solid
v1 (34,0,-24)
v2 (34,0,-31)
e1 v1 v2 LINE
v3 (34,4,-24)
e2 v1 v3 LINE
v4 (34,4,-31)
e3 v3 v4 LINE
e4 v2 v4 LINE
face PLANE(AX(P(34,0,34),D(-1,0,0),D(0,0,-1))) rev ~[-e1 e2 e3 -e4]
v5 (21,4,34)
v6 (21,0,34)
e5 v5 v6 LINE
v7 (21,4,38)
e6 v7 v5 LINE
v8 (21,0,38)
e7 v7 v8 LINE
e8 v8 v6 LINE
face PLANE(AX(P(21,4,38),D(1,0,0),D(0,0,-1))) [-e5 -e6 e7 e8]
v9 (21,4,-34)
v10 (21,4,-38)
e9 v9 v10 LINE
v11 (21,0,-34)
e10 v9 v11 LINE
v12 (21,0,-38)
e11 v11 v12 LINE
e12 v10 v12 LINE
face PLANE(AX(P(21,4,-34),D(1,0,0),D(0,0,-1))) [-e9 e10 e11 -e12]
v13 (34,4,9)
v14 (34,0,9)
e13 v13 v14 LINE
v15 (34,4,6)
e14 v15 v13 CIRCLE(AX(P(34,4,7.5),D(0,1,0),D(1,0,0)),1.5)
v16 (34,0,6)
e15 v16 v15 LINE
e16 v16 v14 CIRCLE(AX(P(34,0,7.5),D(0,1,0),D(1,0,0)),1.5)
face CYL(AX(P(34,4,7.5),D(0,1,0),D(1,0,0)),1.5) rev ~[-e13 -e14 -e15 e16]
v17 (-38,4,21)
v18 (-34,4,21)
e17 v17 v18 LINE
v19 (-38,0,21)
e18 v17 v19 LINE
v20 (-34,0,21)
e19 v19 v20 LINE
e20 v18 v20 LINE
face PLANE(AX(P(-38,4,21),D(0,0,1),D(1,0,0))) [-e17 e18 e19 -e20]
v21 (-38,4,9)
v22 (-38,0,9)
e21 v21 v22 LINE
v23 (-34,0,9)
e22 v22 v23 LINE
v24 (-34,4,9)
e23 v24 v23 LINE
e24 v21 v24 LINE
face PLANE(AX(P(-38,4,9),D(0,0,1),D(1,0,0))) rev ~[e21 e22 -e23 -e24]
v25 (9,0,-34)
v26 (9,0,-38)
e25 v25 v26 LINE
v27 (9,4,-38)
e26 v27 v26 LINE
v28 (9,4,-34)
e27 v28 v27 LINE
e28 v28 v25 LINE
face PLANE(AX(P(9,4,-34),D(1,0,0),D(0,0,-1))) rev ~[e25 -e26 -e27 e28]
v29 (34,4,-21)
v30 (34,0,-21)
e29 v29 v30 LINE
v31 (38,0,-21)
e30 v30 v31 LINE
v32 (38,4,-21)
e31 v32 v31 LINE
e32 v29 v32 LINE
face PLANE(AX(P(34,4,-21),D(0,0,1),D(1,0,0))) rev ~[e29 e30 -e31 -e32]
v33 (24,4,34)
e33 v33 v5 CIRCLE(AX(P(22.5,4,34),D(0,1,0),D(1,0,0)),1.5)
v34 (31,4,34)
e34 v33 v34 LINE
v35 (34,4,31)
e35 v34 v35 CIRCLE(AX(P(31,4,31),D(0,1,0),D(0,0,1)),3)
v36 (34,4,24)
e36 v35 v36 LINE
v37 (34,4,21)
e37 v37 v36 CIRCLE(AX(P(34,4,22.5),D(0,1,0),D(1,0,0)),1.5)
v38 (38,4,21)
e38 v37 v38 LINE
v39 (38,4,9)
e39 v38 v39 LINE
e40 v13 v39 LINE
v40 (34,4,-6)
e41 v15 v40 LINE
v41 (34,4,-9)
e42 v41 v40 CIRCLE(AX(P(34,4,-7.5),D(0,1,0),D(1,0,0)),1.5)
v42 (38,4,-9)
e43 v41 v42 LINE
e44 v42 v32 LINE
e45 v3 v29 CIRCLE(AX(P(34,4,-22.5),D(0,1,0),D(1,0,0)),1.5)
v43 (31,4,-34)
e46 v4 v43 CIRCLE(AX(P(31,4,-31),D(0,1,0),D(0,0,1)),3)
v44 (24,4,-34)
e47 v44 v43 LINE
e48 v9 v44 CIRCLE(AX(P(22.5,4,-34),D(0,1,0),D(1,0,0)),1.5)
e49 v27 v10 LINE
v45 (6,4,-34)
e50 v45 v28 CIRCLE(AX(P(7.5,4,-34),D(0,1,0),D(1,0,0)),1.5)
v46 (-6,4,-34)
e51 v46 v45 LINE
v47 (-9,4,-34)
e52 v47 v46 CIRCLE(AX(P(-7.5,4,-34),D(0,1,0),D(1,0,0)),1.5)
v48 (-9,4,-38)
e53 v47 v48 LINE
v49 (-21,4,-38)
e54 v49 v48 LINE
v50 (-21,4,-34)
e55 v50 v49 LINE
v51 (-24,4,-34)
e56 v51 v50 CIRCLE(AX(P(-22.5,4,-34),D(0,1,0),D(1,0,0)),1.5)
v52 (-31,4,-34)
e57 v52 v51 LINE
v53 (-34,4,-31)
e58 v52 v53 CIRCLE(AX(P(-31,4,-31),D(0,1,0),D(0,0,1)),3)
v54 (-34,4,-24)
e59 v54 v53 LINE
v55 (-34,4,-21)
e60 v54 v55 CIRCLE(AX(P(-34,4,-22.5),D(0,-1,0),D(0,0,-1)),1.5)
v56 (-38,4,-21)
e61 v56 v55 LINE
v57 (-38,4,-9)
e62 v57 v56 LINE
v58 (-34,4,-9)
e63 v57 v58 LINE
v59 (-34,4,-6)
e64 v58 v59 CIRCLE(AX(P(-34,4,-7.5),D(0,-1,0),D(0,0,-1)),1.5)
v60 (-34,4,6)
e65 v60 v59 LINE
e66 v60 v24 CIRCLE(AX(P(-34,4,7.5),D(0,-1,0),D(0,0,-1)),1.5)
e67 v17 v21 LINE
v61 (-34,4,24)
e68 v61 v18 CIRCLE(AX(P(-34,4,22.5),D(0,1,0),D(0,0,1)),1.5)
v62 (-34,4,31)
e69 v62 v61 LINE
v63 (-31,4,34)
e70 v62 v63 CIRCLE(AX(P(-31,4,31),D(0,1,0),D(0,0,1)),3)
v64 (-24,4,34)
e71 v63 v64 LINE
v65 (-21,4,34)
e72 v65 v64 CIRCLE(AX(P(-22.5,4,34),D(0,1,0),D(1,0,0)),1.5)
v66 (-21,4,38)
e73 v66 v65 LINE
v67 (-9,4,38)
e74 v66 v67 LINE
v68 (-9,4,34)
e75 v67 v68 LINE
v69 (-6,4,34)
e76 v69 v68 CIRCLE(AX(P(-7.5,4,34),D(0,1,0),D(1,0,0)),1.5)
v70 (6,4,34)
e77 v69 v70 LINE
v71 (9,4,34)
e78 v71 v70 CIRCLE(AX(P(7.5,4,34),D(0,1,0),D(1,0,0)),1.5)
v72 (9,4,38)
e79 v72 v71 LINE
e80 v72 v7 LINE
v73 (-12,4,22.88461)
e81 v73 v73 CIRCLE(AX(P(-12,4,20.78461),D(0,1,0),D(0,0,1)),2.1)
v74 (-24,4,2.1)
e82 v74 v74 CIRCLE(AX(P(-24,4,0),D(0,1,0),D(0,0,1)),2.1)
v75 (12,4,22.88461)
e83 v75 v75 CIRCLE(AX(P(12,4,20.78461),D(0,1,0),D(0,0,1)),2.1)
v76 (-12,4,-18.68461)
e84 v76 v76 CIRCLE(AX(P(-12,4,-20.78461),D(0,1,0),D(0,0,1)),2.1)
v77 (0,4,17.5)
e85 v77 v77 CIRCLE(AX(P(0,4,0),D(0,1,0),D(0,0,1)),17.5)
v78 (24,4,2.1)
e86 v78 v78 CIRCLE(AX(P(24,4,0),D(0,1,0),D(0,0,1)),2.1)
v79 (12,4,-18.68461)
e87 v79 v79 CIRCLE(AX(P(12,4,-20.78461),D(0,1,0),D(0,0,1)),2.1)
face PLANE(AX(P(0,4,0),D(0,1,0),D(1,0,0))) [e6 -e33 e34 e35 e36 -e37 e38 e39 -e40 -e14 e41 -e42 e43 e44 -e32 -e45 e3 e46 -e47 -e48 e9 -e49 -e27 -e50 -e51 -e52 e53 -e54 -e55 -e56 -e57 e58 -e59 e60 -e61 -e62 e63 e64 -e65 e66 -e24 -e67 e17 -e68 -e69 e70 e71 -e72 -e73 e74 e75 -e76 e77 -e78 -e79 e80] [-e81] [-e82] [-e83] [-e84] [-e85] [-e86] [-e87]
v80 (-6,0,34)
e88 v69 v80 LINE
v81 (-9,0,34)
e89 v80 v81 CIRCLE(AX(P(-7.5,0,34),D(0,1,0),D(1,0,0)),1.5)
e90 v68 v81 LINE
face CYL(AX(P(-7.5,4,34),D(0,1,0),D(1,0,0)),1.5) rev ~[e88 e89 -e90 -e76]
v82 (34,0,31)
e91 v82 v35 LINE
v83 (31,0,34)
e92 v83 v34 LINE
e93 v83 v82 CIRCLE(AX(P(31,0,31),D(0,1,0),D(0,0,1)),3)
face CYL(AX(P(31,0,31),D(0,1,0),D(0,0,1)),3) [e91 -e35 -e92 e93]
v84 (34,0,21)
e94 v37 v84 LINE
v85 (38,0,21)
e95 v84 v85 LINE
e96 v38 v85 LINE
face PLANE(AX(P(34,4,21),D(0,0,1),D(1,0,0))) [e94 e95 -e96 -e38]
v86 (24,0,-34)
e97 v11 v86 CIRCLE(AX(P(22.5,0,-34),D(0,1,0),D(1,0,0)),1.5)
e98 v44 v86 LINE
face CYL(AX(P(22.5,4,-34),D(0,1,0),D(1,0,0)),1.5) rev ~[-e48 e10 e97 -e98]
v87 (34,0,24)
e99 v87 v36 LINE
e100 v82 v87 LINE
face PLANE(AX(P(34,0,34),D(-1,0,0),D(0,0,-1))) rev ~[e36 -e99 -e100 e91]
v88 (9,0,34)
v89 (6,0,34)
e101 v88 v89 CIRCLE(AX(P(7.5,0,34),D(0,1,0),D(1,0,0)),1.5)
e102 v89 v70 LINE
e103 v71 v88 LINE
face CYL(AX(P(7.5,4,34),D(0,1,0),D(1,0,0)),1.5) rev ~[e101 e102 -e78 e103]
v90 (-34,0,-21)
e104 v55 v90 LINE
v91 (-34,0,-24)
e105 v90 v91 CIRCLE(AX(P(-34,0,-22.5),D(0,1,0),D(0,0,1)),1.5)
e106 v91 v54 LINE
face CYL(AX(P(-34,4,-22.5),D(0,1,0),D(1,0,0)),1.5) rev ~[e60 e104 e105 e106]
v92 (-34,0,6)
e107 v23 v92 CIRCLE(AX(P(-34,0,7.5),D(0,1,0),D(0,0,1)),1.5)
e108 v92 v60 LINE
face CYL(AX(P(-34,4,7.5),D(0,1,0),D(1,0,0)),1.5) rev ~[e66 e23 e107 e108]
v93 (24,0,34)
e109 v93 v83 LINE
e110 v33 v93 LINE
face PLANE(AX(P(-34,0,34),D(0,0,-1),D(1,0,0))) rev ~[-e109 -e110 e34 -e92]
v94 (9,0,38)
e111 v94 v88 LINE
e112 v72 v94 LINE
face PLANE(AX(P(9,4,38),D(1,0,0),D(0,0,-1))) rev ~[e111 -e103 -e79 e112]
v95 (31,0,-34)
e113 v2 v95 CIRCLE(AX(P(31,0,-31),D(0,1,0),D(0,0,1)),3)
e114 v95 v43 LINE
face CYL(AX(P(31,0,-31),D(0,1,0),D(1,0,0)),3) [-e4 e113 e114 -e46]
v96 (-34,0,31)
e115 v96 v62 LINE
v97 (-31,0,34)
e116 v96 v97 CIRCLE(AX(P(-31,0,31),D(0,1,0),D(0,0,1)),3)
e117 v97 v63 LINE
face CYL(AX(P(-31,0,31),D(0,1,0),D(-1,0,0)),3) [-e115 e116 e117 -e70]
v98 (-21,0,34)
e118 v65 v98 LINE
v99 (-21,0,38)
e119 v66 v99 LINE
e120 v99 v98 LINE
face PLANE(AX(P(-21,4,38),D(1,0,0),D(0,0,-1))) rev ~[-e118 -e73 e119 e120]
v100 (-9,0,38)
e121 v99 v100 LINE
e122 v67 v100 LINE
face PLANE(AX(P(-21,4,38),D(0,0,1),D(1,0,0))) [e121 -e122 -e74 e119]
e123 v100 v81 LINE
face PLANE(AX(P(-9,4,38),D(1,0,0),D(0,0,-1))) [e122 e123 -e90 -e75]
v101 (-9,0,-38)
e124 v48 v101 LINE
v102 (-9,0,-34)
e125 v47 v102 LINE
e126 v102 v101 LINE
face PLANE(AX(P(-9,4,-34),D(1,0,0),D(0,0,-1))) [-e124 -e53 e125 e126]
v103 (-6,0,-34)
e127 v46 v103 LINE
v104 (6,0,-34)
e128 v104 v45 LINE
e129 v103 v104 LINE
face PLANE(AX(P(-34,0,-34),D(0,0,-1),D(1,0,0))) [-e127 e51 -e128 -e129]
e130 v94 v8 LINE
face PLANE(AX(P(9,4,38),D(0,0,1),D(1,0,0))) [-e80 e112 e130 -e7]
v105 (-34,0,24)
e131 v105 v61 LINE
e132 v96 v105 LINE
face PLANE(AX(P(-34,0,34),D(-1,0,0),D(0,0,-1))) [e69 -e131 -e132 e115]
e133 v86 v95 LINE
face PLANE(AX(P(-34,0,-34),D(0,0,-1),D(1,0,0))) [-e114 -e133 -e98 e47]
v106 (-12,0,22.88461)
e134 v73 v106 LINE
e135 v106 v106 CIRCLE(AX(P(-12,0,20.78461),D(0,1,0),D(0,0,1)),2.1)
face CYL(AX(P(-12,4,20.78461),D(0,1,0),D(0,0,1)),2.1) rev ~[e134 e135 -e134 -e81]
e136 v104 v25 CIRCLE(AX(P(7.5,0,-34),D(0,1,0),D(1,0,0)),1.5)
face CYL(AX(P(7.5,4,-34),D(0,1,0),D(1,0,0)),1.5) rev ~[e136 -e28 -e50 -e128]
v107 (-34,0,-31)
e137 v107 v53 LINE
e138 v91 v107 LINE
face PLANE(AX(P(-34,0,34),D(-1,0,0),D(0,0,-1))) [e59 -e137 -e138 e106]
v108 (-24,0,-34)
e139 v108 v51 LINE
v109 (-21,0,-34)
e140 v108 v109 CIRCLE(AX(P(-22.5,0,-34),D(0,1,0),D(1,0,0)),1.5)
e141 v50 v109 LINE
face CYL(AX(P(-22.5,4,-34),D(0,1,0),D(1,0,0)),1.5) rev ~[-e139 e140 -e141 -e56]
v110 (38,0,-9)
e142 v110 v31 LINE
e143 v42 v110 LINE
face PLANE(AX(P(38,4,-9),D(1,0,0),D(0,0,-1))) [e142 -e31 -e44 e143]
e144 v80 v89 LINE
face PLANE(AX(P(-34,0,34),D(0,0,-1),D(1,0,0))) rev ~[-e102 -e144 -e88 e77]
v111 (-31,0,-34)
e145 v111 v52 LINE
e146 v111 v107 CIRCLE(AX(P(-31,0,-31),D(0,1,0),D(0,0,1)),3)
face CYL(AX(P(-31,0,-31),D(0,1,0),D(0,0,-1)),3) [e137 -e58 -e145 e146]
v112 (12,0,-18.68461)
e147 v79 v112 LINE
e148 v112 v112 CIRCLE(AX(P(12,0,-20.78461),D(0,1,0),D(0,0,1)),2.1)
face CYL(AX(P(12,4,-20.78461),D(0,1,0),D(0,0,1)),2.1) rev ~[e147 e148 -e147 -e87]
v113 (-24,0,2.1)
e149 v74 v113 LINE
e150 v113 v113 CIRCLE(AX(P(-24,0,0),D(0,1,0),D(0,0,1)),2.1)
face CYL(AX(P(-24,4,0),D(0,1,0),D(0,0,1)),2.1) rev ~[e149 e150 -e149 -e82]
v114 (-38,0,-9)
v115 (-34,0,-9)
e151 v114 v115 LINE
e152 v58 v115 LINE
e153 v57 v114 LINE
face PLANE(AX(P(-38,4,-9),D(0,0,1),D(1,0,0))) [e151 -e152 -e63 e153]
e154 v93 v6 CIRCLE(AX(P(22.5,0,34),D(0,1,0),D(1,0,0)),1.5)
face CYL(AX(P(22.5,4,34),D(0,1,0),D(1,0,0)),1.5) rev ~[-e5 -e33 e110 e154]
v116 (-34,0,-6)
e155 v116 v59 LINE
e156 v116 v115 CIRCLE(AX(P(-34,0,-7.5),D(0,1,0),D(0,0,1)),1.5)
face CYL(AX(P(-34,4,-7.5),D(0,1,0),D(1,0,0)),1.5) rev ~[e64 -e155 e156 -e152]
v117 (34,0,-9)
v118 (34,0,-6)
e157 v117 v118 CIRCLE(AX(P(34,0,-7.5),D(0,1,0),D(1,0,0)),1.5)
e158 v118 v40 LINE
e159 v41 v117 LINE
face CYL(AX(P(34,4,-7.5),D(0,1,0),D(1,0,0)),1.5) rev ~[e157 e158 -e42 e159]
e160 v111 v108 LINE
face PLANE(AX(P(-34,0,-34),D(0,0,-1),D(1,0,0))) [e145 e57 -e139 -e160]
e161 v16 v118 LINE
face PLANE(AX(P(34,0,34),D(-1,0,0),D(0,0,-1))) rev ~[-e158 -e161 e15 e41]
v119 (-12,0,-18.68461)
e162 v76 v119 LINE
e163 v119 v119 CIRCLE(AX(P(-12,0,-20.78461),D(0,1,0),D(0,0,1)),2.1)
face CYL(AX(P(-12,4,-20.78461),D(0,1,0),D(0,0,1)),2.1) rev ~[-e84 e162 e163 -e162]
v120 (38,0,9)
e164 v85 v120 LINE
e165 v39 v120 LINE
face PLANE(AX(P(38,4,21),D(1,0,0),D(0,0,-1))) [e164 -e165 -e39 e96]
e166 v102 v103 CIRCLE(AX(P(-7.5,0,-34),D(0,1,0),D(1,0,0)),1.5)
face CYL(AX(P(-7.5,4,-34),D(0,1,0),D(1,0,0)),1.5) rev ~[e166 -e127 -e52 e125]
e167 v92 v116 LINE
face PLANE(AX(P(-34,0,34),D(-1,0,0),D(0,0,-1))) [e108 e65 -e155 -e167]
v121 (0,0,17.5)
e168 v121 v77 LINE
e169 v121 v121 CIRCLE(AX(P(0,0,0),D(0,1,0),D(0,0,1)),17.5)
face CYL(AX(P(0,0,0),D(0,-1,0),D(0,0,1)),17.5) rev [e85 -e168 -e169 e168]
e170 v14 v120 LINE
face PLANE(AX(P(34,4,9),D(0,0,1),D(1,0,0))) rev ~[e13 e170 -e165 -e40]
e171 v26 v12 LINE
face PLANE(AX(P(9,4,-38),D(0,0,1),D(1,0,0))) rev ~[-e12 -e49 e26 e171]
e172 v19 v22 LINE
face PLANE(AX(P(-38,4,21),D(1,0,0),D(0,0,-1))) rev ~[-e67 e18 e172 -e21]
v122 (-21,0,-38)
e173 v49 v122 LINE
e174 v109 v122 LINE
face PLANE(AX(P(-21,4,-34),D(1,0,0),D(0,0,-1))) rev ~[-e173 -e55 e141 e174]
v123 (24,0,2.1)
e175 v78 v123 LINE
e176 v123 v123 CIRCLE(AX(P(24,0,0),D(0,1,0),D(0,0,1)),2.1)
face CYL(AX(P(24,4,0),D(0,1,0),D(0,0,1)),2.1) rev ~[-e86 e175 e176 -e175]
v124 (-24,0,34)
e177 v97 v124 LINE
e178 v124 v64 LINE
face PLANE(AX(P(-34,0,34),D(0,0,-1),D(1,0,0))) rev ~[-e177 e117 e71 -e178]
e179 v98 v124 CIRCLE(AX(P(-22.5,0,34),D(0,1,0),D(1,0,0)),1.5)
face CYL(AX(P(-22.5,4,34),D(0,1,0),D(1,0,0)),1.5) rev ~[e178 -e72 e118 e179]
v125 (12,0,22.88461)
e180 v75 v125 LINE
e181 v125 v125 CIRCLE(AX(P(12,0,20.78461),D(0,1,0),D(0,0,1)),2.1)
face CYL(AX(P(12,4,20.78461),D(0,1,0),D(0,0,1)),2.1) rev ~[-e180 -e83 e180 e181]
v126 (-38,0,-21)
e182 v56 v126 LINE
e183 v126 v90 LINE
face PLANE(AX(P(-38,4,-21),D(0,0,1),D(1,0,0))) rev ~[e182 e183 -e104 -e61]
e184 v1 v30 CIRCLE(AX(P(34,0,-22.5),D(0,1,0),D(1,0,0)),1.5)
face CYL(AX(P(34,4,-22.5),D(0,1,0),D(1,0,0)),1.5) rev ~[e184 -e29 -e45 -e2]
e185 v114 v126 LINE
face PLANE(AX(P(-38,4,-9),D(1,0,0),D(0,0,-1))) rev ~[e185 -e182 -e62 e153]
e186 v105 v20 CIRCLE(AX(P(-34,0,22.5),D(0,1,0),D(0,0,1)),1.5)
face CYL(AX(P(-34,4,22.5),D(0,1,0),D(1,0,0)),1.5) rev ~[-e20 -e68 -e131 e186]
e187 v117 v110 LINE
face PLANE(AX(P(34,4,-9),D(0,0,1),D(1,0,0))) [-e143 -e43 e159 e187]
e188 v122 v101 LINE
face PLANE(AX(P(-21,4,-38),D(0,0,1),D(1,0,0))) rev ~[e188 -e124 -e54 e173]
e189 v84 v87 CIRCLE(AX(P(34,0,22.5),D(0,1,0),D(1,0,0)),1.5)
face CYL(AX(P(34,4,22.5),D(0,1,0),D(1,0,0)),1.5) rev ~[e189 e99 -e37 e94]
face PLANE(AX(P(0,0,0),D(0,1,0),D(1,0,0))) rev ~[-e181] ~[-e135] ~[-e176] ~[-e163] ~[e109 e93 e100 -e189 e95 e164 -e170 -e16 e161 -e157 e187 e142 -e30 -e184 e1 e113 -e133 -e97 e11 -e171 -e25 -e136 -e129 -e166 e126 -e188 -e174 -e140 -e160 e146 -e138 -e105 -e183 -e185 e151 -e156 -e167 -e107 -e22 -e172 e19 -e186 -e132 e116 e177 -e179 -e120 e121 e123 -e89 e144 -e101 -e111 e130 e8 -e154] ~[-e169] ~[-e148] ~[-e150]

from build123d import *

# Parameters (mm, degrees)
SKETCH_1_W          = 68
SKETCH_1_H          = 68
SKETCH_1_R          = 17.5
EXTRUDE_1_DEPTH     = 4
SKETCH_2_W          = 12
SKETCH_2_H          = 4
SKETCH_2_W_2        = 4
SKETCH_2_H_2        = 12
EXTRUDE_2_DEPTH     = 4
SKETCH_3_R          = 1.5
CUT_EXTRUDE_1_DEPTH = 4
FILLET_1_R          = 3
SKETCH_4_R          = 2.1
CUT_EXTRUDE_2_DEPTH = 10


with BuildPart() as part:
    # 草图1 → 凸台-拉伸1 (new body)
    with BuildSketch(Plane(origin=(0, 0, 0), x_dir=(1, 0, 0), z_dir=(0, 1, 0))):
        Rectangle(SKETCH_1_W, SKETCH_1_H)
        with Locations(Location((0, 0, 0), (0, 0, 270))):
            Circle(SKETCH_1_R, mode=Mode.SUBTRACT)
    extrude(amount=EXTRUDE_1_DEPTH)

    # 草图2 → 凸台-拉伸2 (add)
    with BuildSketch(Plane(origin=(0, 4, 0), x_dir=(1, 0, 0), z_dir=(0, 1, 0))):
        with Locations((-15, 36)):
            Rectangle(SKETCH_2_W, SKETCH_2_H)
        with Locations((15, 36)):
            Rectangle(SKETCH_2_W, SKETCH_2_H)
        with Locations((36, 15)):
            Rectangle(SKETCH_2_W_2, SKETCH_2_H_2)
        with Locations((36, -15)):
            Rectangle(SKETCH_2_W_2, SKETCH_2_H_2)
        with Locations((15, -36)):
            Rectangle(SKETCH_2_W, SKETCH_2_H)
        with Locations((-15, -36)):
            Rectangle(SKETCH_2_W, SKETCH_2_H)
        with Locations((-36, -15)):
            Rectangle(SKETCH_2_W_2, SKETCH_2_H_2)
        with Locations((-36, 15)):
            Rectangle(SKETCH_2_W_2, SKETCH_2_H_2)
    extrude(amount=-EXTRUDE_2_DEPTH)

    # 草图3 → 切除-拉伸1 (cut)
    with BuildSketch(Plane(origin=(0, 4, 0), x_dir=(1, 0, 0), z_dir=(0, 1, 0))):
        with Locations((-22.5, 34)):
            Circle(SKETCH_3_R)
        with Locations((-7.5, 34)):
            Circle(SKETCH_3_R)
        with Locations((7.5, 34)):
            Circle(SKETCH_3_R)
        with Locations((22.5, 34)):
            Circle(SKETCH_3_R)
        with Locations((34, 22.5)):
            Circle(SKETCH_3_R)
        with Locations((34, 7.5)):
            Circle(SKETCH_3_R)
        with Locations((34, -7.5)):
            Circle(SKETCH_3_R)
        with Locations((34, -22.5)):
            Circle(SKETCH_3_R)
        with Locations((22.5, -34)):
            Circle(SKETCH_3_R)
        with Locations((7.5, -34)):
            Circle(SKETCH_3_R)
        with Locations((-7.5, -34)):
            Circle(SKETCH_3_R)
        with Locations((-22.5, -34)):
            Circle(SKETCH_3_R)
        with Locations((-34, -22.5)):
            Circle(SKETCH_3_R)
        with Locations((-34, -7.5)):
            Circle(SKETCH_3_R)
        with Locations((-34, 7.5)):
            Circle(SKETCH_3_R)
        with Locations((-34, 22.5)):
            Circle(SKETCH_3_R)
    extrude(amount=-CUT_EXTRUDE_1_DEPTH, mode=Mode.SUBTRACT)

    # 圆角1
    fillet_1_edges = [part.edges().sort_by_distance(p)[0] for p in [
        (34, 2, 34),
        (-34, 2, 34),
        (-34, 2, -34),
        (34, 2, -34),
    ]]
    fillet(fillet_1_edges, radius=FILLET_1_R)

    # 草图4 → 切除-拉伸2 (cut)
    with BuildSketch(Plane(origin=(0, 4, 0), x_dir=(1, 0, 0), z_dir=(0, 1, 0))):
        with Locations(Location((24, 0, 0), (0, 0, 270))):
            Circle(SKETCH_4_R)
        with Locations(Location((12, -20.784609691, 0), (0, 0, 270))):
            Circle(SKETCH_4_R)
        with Locations(Location((-12, -20.784609691, 0), (0, 0, 270))):
            Circle(SKETCH_4_R)
        with Locations(Location((-24, 0, 0), (0, 0, 270))):
            Circle(SKETCH_4_R)
        with Locations(Location((-12, 20.784609691, 0), (0, 0, 270))):
            Circle(SKETCH_4_R)
        with Locations(Location((12, 20.784609691, 0), (0, 0, 270))):
            Circle(SKETCH_4_R)
    extrude(amount=-CUT_EXTRUDE_2_DEPTH, mode=Mode.SUBTRACT)


solid = part.part
